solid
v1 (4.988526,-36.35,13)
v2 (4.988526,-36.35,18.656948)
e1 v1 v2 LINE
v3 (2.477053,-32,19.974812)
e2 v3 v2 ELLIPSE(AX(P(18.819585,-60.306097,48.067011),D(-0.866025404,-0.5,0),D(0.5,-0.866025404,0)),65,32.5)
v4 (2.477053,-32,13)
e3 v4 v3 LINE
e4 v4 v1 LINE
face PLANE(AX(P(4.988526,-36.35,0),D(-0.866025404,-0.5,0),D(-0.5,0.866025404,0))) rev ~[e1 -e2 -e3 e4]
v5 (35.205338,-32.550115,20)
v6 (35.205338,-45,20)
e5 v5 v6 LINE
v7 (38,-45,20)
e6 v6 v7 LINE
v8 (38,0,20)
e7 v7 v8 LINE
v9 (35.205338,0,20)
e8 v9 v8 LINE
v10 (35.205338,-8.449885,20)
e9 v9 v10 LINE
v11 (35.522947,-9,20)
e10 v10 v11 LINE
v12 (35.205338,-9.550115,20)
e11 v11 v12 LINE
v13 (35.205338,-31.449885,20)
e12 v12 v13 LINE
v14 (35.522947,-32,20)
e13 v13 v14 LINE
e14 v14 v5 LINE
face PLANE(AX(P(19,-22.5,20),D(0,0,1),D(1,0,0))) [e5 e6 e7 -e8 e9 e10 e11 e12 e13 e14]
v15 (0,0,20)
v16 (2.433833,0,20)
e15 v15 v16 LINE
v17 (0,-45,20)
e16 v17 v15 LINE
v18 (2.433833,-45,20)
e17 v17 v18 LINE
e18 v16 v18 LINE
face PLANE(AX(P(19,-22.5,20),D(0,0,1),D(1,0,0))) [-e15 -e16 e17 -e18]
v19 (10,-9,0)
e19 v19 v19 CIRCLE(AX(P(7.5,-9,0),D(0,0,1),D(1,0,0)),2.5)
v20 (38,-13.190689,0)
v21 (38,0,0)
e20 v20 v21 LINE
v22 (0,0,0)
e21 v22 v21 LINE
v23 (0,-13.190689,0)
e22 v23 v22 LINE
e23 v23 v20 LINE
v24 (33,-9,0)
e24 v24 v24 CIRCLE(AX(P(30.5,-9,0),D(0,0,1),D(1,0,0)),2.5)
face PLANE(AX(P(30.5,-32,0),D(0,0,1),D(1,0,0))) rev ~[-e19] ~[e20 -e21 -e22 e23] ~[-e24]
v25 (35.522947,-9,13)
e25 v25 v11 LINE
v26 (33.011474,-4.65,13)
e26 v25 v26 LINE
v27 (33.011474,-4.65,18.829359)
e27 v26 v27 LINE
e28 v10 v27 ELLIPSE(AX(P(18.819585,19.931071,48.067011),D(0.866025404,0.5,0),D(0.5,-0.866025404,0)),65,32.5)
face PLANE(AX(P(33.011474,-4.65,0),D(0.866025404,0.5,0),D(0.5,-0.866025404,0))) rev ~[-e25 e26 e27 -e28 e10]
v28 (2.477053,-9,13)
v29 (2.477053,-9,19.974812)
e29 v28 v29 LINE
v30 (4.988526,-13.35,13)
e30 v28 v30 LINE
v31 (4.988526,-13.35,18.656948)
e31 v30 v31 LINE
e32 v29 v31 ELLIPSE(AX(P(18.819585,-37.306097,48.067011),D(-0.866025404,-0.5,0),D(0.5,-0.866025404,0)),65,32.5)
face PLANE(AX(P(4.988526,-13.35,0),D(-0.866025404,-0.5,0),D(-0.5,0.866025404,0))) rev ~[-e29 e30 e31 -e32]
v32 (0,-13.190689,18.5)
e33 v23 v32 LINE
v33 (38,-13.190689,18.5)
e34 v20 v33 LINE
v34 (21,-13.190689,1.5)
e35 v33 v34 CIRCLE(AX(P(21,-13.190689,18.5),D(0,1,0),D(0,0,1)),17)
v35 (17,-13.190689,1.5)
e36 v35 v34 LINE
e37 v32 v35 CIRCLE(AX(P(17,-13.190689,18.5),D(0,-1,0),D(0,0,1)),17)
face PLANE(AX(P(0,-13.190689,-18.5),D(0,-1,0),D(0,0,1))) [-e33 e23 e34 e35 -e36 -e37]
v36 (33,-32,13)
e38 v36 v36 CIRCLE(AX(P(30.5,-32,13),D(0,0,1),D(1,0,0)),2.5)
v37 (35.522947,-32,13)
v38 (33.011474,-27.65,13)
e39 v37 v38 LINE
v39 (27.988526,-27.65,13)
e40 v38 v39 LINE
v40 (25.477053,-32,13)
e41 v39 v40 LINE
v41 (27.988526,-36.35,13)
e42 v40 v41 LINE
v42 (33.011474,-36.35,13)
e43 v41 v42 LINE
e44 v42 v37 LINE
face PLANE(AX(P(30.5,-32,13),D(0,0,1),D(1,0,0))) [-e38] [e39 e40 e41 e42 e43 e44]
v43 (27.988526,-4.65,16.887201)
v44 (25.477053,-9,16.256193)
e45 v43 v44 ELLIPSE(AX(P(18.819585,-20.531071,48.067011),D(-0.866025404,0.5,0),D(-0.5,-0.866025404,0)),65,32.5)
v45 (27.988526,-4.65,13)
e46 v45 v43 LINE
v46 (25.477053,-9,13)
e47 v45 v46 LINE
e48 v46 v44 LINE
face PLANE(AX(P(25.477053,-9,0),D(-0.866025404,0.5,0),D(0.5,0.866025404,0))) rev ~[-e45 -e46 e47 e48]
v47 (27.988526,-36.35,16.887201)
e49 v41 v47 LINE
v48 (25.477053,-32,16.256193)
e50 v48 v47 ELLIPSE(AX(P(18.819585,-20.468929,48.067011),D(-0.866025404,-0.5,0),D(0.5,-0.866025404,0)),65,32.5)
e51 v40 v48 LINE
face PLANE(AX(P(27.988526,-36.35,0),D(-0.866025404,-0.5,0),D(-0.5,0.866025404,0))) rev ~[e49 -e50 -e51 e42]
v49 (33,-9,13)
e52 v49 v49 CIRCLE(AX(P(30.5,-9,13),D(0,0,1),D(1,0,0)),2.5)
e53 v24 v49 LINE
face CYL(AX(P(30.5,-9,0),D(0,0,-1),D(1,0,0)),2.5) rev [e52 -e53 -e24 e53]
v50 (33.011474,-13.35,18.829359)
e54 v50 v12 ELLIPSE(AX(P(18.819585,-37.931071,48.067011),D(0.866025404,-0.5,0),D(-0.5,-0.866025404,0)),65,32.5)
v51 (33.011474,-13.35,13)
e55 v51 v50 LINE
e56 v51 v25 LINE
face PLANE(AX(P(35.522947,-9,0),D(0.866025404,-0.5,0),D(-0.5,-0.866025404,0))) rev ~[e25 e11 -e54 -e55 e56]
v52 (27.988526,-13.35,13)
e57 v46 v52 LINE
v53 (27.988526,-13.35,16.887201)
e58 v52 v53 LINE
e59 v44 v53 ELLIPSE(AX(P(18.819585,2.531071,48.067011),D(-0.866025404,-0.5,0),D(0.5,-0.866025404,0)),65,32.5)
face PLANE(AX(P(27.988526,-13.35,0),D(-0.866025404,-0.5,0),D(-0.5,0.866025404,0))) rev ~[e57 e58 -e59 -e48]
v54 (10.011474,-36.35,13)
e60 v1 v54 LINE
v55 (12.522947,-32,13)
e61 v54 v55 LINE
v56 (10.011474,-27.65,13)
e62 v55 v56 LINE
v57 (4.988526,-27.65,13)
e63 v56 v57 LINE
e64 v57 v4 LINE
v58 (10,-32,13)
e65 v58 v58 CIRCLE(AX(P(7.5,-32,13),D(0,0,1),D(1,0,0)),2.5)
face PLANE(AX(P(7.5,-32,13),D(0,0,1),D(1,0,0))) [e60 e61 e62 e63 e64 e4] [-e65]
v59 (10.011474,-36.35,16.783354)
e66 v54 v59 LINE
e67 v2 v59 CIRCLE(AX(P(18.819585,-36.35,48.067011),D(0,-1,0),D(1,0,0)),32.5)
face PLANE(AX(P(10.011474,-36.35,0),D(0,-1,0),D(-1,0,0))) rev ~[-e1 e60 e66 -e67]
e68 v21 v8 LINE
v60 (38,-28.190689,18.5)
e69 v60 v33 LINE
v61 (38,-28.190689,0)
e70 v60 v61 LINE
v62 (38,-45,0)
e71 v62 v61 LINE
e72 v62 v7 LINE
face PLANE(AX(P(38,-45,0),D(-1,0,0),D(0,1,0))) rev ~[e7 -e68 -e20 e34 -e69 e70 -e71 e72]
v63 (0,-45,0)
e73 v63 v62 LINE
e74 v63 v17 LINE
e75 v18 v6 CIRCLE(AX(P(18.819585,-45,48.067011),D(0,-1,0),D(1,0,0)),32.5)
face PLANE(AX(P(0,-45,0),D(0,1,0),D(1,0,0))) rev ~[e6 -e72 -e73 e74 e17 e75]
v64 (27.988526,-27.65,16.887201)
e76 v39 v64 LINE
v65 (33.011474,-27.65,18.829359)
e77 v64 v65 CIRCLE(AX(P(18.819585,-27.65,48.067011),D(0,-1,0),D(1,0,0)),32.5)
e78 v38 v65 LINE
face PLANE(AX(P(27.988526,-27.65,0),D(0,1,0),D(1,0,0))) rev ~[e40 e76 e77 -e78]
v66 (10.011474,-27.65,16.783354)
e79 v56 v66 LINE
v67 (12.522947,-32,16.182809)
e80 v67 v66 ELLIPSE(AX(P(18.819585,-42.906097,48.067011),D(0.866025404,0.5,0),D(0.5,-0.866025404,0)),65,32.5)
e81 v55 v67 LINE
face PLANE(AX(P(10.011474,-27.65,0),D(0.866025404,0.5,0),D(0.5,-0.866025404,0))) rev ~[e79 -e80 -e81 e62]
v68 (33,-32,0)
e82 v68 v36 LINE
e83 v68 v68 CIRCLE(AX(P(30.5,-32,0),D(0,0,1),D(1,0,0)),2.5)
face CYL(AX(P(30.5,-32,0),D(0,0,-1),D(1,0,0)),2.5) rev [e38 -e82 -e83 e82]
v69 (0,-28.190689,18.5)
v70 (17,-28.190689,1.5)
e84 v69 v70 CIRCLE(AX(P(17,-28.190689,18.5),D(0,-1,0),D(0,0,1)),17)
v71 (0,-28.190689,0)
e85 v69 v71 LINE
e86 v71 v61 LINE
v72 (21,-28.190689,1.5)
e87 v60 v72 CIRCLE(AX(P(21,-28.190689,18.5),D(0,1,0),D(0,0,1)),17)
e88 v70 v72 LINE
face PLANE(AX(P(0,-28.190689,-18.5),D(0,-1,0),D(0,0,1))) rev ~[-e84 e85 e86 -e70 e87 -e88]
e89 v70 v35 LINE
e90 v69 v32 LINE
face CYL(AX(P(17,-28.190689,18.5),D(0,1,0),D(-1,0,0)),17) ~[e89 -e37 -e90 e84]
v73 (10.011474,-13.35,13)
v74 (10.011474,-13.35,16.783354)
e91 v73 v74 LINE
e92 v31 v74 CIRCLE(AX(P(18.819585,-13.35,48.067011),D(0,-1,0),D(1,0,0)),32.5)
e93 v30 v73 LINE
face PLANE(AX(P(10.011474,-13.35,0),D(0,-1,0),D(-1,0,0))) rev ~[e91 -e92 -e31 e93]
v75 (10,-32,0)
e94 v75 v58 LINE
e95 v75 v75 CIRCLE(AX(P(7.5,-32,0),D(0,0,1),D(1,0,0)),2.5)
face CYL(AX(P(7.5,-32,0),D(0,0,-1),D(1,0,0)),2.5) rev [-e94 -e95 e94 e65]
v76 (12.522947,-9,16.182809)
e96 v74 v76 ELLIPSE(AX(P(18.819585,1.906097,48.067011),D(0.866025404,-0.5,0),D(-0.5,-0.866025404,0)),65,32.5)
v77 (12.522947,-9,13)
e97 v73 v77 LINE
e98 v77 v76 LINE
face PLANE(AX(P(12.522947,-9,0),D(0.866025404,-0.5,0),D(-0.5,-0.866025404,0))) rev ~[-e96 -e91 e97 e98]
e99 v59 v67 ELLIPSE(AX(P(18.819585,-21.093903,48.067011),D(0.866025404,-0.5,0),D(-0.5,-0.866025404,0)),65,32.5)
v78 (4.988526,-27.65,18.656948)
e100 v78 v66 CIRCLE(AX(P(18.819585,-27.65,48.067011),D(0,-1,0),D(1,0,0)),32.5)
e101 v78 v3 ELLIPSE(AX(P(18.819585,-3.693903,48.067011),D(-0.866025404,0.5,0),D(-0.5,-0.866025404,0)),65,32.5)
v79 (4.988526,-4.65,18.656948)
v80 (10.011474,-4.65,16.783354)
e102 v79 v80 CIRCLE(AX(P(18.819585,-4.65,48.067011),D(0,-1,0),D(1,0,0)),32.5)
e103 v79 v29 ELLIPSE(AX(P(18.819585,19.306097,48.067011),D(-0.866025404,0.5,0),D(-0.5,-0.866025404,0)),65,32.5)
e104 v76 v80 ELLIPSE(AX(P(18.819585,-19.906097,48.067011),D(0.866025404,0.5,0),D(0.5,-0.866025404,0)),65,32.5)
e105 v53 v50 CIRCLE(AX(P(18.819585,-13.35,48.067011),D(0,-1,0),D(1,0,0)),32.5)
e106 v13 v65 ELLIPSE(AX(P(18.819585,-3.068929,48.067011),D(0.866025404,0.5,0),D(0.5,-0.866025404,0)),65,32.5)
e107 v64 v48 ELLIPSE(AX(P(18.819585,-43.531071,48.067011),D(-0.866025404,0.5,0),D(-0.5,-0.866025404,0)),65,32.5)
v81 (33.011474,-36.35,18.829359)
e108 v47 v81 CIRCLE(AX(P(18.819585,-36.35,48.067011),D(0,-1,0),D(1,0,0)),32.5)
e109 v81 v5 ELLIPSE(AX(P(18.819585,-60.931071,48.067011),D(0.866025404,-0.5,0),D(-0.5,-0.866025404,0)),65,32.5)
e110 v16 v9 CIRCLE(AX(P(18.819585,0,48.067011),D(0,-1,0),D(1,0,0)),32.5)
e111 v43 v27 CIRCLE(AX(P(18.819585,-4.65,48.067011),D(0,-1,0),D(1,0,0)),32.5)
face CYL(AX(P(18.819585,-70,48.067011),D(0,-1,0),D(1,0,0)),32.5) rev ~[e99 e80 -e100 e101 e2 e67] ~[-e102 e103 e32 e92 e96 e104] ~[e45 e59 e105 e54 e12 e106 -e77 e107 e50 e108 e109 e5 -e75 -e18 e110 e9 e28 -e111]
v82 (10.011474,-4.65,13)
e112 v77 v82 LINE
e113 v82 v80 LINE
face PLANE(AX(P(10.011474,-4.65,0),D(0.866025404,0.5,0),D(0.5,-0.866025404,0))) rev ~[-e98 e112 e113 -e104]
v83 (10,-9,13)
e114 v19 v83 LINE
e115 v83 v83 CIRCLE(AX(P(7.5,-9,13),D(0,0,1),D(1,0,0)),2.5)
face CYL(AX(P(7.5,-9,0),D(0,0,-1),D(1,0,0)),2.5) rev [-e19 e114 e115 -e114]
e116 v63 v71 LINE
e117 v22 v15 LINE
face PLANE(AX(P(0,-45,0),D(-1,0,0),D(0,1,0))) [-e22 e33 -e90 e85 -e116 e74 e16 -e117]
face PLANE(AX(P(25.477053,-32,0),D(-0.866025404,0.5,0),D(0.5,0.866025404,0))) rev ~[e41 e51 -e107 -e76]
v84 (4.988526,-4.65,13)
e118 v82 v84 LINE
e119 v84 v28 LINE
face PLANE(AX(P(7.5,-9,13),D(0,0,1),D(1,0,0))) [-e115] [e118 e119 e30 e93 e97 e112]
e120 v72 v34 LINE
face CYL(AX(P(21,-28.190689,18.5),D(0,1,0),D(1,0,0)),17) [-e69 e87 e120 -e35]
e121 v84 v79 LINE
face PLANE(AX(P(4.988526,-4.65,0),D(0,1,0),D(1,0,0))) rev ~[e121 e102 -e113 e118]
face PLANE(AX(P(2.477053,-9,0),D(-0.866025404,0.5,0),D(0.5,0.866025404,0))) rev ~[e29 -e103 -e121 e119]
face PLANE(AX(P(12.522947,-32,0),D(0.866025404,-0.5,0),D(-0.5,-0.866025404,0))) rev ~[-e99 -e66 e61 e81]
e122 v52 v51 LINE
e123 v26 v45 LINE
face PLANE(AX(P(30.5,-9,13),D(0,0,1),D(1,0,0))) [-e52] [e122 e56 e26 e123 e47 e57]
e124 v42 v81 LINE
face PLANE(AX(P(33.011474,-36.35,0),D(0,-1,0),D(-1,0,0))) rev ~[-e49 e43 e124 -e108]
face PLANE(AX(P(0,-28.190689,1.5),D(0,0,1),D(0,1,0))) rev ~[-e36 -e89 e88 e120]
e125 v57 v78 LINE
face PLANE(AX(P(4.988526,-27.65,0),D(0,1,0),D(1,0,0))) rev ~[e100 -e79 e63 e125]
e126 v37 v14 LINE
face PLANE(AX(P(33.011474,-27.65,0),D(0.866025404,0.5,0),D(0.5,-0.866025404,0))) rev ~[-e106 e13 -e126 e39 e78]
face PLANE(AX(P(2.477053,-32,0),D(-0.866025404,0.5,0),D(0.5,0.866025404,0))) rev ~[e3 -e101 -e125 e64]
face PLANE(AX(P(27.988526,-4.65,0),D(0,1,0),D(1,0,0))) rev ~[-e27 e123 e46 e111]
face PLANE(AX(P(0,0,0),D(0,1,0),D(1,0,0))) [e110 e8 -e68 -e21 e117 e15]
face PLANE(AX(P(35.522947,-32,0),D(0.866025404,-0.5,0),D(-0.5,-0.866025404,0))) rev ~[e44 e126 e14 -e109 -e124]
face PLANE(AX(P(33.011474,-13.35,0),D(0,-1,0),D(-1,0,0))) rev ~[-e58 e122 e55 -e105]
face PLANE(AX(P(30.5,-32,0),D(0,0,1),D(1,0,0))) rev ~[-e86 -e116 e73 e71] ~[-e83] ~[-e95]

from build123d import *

# Parameters (mm, degrees)
F0_W      = 38
F0_H      = 45
F1_DEPTH  = 20
F0_R      = 2.5
F2_DEPTH  = 13
F3_DEPTH  = 13
F4_DEPTH  = 13
F5_DEPTH  = 13
F6_W      = 15
F6_H      = 20
F7_DEPTH  = 40.2
F9_R      = 32.5
F10_DEPTH = 102.8
F11_R     = 17


with BuildPart() as f1:
    # F0 (on Top) → F1 (new body)
    with BuildSketch(Plane.XY):
        with Locations((19, -22.5)):
            Rectangle(F0_W, F0_H)
        Polygon((12.5229473419, -32), (10.011473671, -36.35), (4.988526329, -36.35), (2.4770526581, -32), (4.988526329, -27.65), (10.011473671, -27.65), align=None, mode=Mode.SUBTRACT)
        Polygon((35.5229473419, -32), (33.011473671, -36.35), (27.988526329, -36.35), (25.4770526581, -32), (27.988526329, -27.65), (33.011473671, -27.65), align=None, mode=Mode.SUBTRACT)
        Polygon((2.4770526581, -9), (4.988526329, -4.65), (10.011473671, -4.65), (12.5229473419, -9), (10.011473671, -13.35), (4.988526329, -13.35), align=None, mode=Mode.SUBTRACT)
        Polygon((25.4770526581, -9), (27.988526329, -4.65), (33.011473671, -4.65), (35.5229473419, -9), (33.011473671, -13.35), (27.988526329, -13.35), align=None, mode=Mode.SUBTRACT)
    extrude(amount=F1_DEPTH)

    # F0 (on Top) → F2 (join)
    with BuildSketch(Plane.XY):
        Polygon((10.011473671, -4.65), (4.988526329, -4.65), (2.4770526581, -9), (4.988526329, -13.35), (10.011473671, -13.35), (12.5229473419, -9), align=None)
        with Locations((7.5, -9)):
            Circle(F0_R, mode=Mode.SUBTRACT)
    extrude(amount=F2_DEPTH)

    # F0 (on Top) → F3 (join)
    with BuildSketch(Plane.XY):
        Polygon((33.011473671, -4.65), (27.988526329, -4.65), (25.4770526581, -9), (27.988526329, -13.35), (33.011473671, -13.35), (35.5229473419, -9), align=None)
        with Locations((30.5, -9)):
            Circle(F0_R, mode=Mode.SUBTRACT)
    extrude(amount=F3_DEPTH)

    # F0 (on Top) → F4 (join)
    with BuildSketch(Plane.XY):
        Polygon((4.988526329, -36.35), (10.011473671, -36.35), (12.5229473419, -32), (10.011473671, -27.65), (4.988526329, -27.65), (2.4770526581, -32), align=None)
        with Locations((7.5, -32)):
            Circle(F0_R, mode=Mode.SUBTRACT)
    extrude(amount=F4_DEPTH)

    # F0 (on Top) → F5 (join)
    with BuildSketch(Plane.XY):
        Polygon((27.988526329, -36.35), (33.011473671, -36.35), (35.5229473419, -32), (33.011473671, -27.65), (27.988526329, -27.65), (25.4770526581, -32), align=None)
        with Locations((30.5, -32)):
            Circle(F0_R, mode=Mode.SUBTRACT)
    extrude(amount=F5_DEPTH)

    # F6 (on Right) → F7 (cut)
    with BuildSketch(Plane.YZ):
        with Locations((-20.6906894967, -8.5)):
            Rectangle(F6_W, F6_H)
    extrude(amount=F7_DEPTH, mode=Mode.SUBTRACT)

    # F9 (on offset) → F10 (cut)
    with BuildSketch(Plane.XZ.offset(70)):
        with Locations((18.8195854425, 48.0670109391)):
            Circle(F9_R)
    extrude(amount=-F10_DEPTH, mode=Mode.SUBTRACT)

    # F11
    f11_edges = [f1.edges().sort_by_distance(p)[0] for p in [
        (38, -20.690689, 1.5),
        (0, -20.690689, 1.5),
    ]]
    fillet(f11_edges, radius=F11_R)


solid = f1.part
